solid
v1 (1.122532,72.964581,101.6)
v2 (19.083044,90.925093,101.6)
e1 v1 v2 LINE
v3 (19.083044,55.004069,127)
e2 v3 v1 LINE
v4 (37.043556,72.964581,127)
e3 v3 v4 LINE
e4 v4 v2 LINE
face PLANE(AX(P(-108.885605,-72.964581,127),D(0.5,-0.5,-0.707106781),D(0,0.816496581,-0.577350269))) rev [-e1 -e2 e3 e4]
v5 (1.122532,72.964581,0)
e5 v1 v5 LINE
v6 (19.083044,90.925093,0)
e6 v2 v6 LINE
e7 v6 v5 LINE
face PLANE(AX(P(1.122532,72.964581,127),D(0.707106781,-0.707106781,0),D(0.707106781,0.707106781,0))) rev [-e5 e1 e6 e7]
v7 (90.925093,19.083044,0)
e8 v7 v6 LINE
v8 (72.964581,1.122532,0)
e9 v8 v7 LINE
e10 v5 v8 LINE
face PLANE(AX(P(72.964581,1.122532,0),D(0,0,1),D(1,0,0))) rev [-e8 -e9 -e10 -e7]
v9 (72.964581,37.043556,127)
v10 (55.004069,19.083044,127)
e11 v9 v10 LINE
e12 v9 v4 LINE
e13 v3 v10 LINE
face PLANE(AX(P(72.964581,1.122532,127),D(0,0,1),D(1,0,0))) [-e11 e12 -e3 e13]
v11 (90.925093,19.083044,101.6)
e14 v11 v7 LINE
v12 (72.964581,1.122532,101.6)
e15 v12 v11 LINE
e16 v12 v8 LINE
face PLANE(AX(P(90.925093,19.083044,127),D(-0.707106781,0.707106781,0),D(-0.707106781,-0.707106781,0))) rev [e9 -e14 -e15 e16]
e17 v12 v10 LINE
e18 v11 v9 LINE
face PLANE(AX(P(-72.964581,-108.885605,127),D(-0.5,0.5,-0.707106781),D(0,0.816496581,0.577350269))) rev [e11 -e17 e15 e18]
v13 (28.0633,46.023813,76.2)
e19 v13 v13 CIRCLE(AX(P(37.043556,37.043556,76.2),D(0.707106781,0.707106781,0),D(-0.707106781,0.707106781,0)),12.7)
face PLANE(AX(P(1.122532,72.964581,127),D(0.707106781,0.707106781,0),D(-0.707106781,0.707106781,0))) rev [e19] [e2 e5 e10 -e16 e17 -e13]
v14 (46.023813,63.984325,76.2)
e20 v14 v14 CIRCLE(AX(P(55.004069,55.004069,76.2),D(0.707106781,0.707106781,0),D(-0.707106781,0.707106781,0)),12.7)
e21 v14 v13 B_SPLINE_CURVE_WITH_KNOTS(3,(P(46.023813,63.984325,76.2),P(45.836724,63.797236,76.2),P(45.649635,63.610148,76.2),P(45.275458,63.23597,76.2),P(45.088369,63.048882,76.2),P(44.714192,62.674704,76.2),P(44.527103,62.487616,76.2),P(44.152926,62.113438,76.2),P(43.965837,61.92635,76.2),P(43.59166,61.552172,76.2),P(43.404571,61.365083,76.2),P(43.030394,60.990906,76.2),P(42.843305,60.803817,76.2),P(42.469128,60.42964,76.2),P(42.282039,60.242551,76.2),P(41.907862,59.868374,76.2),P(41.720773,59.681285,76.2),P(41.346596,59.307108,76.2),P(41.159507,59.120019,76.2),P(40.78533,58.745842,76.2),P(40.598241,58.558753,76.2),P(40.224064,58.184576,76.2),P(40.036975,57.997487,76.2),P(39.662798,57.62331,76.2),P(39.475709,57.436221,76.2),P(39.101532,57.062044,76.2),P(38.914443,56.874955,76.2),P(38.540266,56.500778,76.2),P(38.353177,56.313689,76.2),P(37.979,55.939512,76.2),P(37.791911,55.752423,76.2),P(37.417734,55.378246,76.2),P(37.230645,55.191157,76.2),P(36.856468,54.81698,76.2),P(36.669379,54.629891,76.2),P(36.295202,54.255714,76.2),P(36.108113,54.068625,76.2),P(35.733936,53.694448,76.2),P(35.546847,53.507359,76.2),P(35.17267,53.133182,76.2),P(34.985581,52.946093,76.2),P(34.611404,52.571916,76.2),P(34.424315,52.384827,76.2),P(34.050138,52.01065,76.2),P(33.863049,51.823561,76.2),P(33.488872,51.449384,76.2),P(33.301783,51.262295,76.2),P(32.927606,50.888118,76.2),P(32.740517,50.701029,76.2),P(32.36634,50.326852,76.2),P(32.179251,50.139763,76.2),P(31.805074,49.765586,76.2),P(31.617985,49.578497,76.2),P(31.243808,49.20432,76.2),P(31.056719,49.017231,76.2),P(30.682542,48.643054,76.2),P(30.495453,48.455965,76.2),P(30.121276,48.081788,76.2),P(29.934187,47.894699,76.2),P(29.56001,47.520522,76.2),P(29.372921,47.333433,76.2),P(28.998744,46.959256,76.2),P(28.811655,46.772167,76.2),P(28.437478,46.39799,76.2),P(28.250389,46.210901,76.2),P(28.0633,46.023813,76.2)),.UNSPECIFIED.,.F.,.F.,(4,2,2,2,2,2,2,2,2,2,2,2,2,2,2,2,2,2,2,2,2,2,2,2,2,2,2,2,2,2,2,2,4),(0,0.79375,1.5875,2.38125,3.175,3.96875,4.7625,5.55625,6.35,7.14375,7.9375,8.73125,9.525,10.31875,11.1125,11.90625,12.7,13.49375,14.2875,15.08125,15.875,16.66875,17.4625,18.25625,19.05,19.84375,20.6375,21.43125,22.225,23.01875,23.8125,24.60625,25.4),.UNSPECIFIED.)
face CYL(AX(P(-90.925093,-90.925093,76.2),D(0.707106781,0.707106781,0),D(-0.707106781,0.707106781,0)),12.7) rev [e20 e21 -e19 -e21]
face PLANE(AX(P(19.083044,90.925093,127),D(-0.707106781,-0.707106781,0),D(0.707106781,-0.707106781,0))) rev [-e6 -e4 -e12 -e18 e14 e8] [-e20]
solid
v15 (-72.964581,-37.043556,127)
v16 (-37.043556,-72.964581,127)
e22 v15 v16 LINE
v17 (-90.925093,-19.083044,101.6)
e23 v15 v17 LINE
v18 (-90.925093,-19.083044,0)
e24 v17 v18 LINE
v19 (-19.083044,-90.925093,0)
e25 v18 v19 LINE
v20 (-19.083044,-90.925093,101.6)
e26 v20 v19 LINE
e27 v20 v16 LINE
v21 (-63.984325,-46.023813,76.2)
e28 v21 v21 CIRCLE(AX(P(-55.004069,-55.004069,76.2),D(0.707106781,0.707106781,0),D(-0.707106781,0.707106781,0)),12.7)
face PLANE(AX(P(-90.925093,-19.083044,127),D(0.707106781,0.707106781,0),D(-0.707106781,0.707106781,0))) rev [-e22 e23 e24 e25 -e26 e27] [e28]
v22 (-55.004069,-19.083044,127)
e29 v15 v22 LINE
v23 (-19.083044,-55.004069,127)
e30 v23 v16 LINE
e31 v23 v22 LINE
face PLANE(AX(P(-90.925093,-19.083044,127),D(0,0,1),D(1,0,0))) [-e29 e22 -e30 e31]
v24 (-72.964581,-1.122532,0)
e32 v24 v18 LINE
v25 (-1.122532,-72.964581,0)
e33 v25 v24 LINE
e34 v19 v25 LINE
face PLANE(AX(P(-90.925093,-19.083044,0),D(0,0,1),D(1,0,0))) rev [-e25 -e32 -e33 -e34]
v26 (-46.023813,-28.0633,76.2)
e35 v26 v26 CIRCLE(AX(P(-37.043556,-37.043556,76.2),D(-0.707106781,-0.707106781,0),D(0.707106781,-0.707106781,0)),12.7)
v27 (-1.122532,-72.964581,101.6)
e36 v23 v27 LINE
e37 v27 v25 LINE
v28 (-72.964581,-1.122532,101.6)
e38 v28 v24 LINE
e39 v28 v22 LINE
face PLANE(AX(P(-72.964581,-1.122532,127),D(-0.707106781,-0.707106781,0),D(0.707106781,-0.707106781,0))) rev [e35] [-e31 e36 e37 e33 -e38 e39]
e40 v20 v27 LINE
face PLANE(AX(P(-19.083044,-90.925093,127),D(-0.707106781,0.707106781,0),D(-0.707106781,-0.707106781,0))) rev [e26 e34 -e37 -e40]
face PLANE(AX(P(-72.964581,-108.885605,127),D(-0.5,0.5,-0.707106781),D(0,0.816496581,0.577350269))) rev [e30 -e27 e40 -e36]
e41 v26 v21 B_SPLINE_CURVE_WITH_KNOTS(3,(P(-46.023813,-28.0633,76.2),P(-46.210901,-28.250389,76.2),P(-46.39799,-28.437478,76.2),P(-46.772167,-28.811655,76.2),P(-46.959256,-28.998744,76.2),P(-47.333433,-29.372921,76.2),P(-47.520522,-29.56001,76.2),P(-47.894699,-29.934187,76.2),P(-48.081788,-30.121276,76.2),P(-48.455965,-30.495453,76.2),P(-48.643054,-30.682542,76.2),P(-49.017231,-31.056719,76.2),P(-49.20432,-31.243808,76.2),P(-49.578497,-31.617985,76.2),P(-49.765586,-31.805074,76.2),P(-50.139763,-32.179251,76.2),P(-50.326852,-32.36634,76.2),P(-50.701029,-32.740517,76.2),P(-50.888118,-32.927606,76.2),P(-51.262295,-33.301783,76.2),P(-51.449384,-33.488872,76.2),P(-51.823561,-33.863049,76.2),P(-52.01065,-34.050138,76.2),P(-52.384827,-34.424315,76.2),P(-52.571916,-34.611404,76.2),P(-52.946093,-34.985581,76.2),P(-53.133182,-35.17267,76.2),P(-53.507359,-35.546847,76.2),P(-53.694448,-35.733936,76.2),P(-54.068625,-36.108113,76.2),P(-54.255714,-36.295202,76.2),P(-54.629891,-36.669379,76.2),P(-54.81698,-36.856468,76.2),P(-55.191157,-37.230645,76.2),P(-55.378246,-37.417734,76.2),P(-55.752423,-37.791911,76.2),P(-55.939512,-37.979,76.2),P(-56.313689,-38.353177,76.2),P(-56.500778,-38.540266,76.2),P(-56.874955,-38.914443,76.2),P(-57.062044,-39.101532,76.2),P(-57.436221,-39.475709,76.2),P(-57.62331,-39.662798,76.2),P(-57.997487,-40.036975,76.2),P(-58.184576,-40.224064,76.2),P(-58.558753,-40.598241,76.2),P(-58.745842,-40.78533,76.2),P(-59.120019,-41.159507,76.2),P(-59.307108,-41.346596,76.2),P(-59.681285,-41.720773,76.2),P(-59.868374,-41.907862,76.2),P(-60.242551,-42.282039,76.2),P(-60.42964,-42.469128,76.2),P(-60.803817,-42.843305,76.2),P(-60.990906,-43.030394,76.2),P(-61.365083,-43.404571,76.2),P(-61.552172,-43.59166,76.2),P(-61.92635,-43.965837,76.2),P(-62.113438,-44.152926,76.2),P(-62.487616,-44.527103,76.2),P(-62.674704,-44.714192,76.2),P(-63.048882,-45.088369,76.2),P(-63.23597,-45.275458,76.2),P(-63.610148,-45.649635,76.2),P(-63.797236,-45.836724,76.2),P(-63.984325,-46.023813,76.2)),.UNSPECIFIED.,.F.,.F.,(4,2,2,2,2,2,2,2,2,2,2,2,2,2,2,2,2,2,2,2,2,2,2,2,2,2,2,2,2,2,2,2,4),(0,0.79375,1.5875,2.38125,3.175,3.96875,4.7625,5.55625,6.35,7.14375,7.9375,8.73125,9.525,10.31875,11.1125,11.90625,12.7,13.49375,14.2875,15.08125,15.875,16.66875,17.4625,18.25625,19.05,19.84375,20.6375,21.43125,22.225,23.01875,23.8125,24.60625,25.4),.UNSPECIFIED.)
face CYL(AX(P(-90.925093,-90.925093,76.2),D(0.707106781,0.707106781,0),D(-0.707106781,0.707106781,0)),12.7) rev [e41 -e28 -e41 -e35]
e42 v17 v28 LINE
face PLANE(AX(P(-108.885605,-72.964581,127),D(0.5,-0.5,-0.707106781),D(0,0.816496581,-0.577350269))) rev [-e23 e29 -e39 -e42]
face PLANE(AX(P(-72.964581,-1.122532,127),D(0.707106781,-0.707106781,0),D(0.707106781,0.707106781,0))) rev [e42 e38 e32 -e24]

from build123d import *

# Parameters (mm, degrees)
EXTRUDE1_DEPTH     = 127
EXTRUDE1_2_DEPTH   = 127
SKETCH3_R          = 12.7
CUT_EXTRUDE1_DEPTH = 243.321358169


with BuildPart() as part:
    # Sketch1 → Extrude1 (new body)
    with BuildSketch(Plane.XY):
        Polygon((-72.964580984, -1.122532015), (-1.122532015, -72.964580984), (-19.083044257, -90.925093226), (-90.925093226, -19.083044257), align=None)
    extrude(amount=EXTRUDE1_DEPTH)


with BuildPart() as body_2:
    # Sketch1 → Extrude1 2 (new body)
    with BuildSketch(Plane.XY):
        Polygon((1.122532015, 72.964580984), (72.964580984, 1.122532015), (90.925093226, 19.083044257), (19.083044257, 90.925093226), align=None)
    extrude(amount=EXTRUDE1_2_DEPTH)


with BuildPart() as cut_extrude1_tool:
    # Sketch3 → Cut-Extrude1 (new, through all)
    with BuildSketch(Plane(origin=(55.004068742, 55.004068742, 0), x_dir=(0, 0, -1), z_dir=(0.7071067811865511, 0.7071067811865439, 0))):
        with Locations(Location((-76.2, 0, 0), (0, 0, 90))):
            Circle(SKETCH3_R)
        Polygon((-127, -25.4), (-101.6, -50.8), (-127, -50.8), align=None)
        Polygon((-127, 25.4), (-101.6, 50.8), (-127, 50.8), align=None)
    extrude(amount=-CUT_EXTRUDE1_DEPTH)


with BuildPart() as part_1:
    add(part.part)

    # Cut-Extrude1: cut by cut_extrude1_tool
    add(cut_extrude1_tool.part, mode=Mode.SUBTRACT)


with BuildPart() as body_2_1:
    add(body_2.part)

    # Cut-Extrude1: cut by cut_extrude1_tool
    add(cut_extrude1_tool.part, mode=Mode.SUBTRACT)


solid = Compound([part_1.part, body_2_1.part])
